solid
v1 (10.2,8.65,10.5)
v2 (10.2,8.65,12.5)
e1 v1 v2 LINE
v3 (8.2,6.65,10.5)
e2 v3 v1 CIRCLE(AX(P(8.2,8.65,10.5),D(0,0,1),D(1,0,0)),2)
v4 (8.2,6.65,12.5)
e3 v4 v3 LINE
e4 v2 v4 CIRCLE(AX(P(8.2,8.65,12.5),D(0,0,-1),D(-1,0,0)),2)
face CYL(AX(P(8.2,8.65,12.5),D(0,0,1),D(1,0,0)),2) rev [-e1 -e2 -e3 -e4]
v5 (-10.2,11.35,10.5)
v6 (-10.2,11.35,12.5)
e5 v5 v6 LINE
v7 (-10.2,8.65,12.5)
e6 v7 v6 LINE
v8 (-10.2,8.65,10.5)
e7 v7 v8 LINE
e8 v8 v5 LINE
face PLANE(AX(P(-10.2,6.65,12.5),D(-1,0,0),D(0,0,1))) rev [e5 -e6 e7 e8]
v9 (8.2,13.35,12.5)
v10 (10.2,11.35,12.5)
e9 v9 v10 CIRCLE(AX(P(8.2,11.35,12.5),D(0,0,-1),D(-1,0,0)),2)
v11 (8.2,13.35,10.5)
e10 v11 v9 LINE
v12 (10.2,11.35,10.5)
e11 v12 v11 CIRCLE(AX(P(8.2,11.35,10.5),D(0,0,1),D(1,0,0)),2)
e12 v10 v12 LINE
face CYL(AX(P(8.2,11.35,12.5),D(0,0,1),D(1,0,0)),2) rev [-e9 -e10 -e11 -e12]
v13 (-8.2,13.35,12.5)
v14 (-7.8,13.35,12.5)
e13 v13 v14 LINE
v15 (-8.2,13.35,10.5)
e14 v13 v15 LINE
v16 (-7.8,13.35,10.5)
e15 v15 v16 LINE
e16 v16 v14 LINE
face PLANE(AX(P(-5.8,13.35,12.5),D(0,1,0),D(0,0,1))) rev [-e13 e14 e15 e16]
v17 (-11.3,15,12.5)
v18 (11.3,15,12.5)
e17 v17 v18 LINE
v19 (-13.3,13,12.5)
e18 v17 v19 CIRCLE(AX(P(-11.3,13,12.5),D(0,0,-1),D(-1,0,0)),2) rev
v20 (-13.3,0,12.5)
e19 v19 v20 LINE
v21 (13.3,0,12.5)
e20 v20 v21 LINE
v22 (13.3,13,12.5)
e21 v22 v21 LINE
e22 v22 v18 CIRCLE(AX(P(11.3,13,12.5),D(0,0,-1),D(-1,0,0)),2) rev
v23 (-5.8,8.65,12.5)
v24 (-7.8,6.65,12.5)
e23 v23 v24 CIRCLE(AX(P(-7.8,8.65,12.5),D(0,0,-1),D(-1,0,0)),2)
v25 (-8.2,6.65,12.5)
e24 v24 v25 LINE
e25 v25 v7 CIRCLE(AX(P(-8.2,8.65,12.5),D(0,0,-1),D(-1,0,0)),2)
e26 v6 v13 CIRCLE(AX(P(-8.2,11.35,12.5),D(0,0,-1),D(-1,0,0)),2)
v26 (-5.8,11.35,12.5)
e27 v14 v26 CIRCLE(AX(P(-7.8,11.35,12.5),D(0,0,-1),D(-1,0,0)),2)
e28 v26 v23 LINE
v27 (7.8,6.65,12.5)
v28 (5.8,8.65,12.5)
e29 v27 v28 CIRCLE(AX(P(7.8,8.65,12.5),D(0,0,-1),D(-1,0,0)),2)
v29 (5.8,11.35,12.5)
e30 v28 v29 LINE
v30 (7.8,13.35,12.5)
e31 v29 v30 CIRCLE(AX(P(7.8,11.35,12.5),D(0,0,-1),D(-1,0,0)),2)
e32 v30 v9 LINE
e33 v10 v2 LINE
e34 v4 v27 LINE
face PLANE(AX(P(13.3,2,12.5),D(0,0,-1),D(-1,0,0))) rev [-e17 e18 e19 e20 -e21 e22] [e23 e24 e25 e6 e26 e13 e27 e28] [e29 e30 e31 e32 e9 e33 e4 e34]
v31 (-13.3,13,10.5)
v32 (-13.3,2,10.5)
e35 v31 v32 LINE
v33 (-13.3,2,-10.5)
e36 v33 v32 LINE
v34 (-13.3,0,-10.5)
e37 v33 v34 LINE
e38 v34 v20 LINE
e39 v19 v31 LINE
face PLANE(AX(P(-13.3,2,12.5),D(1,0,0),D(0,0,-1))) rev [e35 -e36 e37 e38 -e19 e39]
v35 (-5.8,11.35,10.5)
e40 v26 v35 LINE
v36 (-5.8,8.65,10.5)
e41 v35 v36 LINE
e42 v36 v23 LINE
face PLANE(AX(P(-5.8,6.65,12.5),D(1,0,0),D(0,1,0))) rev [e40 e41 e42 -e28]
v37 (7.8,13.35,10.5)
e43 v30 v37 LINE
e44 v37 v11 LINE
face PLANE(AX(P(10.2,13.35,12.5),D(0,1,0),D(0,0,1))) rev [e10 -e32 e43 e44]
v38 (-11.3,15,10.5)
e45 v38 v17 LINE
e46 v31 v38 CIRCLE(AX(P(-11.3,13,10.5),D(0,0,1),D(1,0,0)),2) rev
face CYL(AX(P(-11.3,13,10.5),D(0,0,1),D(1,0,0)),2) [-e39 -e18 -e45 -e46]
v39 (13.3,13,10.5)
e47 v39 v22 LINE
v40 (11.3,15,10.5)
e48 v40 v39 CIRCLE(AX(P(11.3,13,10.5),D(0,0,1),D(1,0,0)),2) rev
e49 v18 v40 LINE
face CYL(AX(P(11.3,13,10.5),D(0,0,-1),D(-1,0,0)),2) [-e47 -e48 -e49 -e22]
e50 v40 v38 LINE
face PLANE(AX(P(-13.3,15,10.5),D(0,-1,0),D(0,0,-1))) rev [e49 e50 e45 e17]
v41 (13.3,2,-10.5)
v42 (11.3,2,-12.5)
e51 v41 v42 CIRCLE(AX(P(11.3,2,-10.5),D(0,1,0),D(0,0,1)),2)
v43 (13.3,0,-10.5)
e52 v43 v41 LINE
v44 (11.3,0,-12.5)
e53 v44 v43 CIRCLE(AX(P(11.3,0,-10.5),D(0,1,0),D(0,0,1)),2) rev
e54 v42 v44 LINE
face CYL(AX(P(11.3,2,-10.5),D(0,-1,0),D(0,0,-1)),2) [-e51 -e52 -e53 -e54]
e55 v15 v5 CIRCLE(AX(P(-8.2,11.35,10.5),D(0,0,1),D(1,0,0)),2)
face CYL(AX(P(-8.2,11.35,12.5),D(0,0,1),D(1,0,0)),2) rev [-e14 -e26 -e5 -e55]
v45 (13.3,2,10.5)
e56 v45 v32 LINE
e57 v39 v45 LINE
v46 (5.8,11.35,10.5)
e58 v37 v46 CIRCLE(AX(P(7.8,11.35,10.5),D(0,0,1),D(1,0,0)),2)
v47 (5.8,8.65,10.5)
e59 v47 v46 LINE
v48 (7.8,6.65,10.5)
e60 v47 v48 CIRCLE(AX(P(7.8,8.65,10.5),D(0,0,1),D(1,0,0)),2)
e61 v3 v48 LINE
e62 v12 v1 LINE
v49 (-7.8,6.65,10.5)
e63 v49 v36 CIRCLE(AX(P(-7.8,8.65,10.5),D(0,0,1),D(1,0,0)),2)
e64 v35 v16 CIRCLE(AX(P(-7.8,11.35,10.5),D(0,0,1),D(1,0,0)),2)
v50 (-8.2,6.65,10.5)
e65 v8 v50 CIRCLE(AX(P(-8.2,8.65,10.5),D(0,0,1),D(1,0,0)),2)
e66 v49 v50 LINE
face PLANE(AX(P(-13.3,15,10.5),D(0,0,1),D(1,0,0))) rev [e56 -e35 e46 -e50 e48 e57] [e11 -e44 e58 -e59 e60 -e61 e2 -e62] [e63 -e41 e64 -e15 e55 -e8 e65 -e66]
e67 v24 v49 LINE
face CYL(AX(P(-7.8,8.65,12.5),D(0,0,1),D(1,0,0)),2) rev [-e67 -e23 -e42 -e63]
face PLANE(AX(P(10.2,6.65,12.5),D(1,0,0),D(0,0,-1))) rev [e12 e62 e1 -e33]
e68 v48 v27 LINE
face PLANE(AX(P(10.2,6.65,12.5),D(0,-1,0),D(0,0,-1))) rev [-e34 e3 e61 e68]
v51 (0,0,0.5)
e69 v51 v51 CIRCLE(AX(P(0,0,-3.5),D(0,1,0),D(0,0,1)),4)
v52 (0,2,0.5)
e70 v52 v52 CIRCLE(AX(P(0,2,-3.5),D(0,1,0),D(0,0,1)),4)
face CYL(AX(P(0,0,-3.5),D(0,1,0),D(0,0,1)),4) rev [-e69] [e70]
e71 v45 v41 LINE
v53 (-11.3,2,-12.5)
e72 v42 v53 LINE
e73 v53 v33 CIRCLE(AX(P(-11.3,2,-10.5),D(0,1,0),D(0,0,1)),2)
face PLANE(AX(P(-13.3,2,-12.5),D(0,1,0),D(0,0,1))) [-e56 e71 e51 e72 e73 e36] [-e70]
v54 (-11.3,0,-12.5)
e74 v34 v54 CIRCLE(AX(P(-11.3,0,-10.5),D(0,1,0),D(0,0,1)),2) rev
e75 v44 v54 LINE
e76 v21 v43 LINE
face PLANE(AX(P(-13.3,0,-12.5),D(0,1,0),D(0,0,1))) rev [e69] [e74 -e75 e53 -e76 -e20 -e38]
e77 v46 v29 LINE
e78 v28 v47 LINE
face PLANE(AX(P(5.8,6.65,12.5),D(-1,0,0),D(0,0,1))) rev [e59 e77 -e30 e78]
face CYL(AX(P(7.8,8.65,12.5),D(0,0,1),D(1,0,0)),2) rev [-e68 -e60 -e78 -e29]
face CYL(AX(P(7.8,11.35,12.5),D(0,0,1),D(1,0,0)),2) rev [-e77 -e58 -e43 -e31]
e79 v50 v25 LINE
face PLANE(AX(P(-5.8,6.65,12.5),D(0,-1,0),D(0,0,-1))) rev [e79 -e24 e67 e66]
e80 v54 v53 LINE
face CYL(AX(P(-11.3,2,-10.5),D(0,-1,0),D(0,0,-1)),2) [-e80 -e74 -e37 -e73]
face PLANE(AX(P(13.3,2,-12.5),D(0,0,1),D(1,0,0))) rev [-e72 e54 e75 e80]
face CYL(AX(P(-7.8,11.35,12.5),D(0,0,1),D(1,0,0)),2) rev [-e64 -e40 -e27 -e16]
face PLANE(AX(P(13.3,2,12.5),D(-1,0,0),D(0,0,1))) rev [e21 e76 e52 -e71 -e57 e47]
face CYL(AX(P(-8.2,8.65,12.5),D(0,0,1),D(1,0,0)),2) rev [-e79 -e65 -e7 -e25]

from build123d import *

# Parameters (mm, degrees)
SKETCH1_W           = 26.6
SKETCH1_H           = 25
BOSS_EXTRUDE1_DEPTH = 2
SKETCH2_W           = 26.6
SKETCH2_H           = 2
BOSS_EXTRUDE2_DEPTH = 13
SKETCH3_W           = 4.4
SKETCH3_H           = 6.7
CUT_EXTRUDE1_DEPTH  = 3
FILLET1_R           = 2
SKETCH4_R           = 4
CUT_EXTRUDE2_DEPTH  = 3


with BuildPart() as part:
    # Sketch1 → Boss-Extrude1 (new body)
    with BuildSketch(Plane(origin=(0, 0, 0), x_dir=(1, 0, 0), z_dir=(0, 1, 0))):
        Rectangle(SKETCH1_W, SKETCH1_H)
    extrude(amount=BOSS_EXTRUDE1_DEPTH)

    # Sketch2 → Boss-Extrude2 (add)
    with BuildSketch(Plane(origin=(0, 2, 0), x_dir=(1, 0, 0), z_dir=(0, 1, 0))):
        with Locations((0, -11.5)):
            Rectangle(SKETCH2_W, SKETCH2_H)
    extrude(amount=BOSS_EXTRUDE2_DEPTH)

    # Sketch3 → Cut-Extrude1 (cut, through all)
    with BuildSketch(Plane(origin=(0, 0, 10.5), x_dir=(-1, 0, 0), z_dir=(0, 0, -1))):
        with Locations((-8, 10)):
            Rectangle(SKETCH3_W, SKETCH3_H)
        with Locations((8, 10)):
            Rectangle(SKETCH3_W, SKETCH3_H)
    extrude(amount=-CUT_EXTRUDE1_DEPTH, mode=Mode.SUBTRACT)

    # Fillet1
    fillet1_edges = [part.edges().sort_by_distance(p)[0] for p in [
        (-13.3, 1, -12.5),
        (13.3, 1, -12.5),
        (5.8, 6.65, 11.5),
        (10.2, 6.65, 11.5),
        (-10.2, 6.65, 11.5),
        (-5.8, 6.65, 11.5),
        (-10.2, 13.35, 11.5),
        (-5.8, 13.35, 11.5),
        (5.8, 13.35, 11.5),
        (10.2, 13.35, 11.5),
        (13.3, 15, 11.5),
        (-13.3, 15, 11.5),
    ]]
    fillet(fillet1_edges, radius=FILLET1_R)

    # Sketch4 → Cut-Extrude2 (cut, through all)
    with BuildSketch(Plane(origin=(0, 2, 0), x_dir=(1, 0, 0), z_dir=(0, 1, 0))):
        with Locations((0, 3.5)):
            Circle(SKETCH4_R)
    extrude(amount=-CUT_EXTRUDE2_DEPTH, mode=Mode.SUBTRACT)


solid = part.part
